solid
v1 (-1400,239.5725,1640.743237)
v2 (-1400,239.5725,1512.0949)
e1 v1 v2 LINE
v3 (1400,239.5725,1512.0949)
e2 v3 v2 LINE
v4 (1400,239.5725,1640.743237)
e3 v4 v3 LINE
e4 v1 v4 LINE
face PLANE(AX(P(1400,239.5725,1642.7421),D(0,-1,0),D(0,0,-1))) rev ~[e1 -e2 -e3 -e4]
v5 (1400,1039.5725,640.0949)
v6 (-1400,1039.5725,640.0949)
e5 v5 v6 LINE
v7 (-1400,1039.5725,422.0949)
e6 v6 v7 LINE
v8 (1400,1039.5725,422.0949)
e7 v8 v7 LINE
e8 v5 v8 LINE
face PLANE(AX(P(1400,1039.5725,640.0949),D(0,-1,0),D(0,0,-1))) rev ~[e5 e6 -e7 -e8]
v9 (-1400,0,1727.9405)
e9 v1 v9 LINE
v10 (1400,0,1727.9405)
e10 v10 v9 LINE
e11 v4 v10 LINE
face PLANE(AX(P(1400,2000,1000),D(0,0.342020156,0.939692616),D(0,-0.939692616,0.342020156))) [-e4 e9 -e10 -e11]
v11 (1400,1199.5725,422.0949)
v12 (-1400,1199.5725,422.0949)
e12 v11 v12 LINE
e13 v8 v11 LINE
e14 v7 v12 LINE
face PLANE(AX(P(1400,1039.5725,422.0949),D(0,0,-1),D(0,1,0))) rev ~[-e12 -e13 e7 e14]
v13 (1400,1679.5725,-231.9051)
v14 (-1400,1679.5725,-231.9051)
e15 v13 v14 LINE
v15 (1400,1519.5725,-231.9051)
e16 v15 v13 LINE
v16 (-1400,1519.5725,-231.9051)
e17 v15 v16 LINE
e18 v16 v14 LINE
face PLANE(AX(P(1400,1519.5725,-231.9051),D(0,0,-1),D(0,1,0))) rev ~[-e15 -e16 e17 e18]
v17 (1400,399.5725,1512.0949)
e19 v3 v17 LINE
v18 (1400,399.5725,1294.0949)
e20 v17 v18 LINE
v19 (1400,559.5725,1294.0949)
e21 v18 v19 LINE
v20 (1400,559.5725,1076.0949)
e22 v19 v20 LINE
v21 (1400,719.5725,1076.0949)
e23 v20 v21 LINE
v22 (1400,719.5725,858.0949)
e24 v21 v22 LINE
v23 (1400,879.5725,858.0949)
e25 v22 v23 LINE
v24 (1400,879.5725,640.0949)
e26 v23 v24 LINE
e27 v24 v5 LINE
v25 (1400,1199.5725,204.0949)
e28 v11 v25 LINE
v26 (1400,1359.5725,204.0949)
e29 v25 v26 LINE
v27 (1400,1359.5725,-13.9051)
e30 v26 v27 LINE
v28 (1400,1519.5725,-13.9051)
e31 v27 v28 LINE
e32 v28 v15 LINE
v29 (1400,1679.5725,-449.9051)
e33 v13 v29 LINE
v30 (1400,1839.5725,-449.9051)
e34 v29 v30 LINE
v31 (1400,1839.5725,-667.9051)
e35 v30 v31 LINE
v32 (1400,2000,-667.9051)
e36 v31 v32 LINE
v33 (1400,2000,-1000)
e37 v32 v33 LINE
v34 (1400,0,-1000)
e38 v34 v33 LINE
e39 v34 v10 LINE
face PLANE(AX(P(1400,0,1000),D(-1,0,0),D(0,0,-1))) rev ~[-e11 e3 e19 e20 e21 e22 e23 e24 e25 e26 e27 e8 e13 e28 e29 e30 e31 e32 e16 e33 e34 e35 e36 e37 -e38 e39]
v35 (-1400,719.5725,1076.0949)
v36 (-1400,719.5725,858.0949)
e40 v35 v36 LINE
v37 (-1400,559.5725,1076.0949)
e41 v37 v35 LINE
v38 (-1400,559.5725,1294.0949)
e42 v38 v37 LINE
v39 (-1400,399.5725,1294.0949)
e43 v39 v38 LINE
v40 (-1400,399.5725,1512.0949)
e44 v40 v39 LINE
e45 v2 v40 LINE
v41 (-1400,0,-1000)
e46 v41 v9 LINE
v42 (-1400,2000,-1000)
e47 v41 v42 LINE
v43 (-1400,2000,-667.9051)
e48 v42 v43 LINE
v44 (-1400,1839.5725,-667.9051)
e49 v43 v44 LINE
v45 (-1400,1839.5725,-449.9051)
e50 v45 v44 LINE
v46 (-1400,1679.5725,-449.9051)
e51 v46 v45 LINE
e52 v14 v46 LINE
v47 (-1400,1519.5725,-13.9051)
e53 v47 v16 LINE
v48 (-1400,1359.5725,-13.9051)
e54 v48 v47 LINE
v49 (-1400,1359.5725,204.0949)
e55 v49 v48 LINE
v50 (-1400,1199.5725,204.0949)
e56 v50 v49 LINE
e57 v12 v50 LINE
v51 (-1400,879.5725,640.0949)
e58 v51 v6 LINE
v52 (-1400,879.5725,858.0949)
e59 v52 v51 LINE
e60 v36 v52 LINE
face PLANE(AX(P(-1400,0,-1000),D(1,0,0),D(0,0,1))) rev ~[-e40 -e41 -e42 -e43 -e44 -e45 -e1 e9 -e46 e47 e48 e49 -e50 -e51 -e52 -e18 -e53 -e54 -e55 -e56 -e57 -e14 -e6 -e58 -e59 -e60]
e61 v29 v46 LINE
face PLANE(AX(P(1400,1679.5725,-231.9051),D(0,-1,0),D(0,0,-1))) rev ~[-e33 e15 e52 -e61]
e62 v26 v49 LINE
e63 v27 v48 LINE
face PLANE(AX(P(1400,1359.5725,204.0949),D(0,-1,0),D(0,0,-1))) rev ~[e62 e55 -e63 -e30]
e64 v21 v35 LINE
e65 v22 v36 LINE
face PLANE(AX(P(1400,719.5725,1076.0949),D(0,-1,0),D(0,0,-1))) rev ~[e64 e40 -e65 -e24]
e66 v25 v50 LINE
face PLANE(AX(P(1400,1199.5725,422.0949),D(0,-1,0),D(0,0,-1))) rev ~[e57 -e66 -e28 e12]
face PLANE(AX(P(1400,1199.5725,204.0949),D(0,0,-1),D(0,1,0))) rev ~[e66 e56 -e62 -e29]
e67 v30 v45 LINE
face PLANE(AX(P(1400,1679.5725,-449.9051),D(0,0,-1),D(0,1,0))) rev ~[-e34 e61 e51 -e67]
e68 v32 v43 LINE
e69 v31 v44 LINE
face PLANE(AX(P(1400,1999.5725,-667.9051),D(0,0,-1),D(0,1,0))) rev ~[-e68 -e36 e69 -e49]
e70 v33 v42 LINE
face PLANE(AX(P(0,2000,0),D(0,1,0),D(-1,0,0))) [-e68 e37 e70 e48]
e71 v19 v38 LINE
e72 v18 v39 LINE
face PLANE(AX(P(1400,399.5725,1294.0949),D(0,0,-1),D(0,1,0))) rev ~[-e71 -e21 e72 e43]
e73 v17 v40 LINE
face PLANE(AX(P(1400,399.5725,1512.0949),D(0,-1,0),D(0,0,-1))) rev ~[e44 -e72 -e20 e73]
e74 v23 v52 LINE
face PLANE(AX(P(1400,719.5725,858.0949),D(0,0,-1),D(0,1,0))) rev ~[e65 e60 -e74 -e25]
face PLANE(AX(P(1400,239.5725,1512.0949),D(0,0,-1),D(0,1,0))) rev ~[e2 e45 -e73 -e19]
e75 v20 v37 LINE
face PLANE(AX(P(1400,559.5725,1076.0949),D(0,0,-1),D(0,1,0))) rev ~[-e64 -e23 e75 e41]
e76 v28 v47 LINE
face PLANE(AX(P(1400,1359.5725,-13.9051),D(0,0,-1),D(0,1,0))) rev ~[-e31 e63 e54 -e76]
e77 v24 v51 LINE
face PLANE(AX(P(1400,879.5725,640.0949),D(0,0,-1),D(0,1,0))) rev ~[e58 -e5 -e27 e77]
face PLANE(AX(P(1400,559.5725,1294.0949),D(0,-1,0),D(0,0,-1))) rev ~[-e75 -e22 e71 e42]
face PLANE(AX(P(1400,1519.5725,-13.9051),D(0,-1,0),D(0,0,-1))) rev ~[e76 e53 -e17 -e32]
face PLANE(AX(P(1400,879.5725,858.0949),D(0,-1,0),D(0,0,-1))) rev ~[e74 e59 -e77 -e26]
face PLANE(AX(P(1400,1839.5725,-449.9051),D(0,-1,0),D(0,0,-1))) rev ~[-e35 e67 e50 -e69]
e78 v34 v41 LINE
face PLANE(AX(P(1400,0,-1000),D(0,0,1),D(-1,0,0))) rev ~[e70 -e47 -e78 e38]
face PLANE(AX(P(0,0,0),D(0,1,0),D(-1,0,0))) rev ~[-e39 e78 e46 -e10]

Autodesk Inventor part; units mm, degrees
ref_plane "YZ Plane" through (0, 0, 0) normal (1, 0, 0) x (0, 1, 0)
ref_plane "XZ Plane" through (0, 0, 0) normal (0, 1, 0) x (-1, 0, 0)
ref_plane "XY Plane" through (0, 0, 0) normal (0, 0, 1) x (1, 0, 0)
sketch "Sketch1" plane through (0, 0, 0) normal (0, 1, 0) x (-1, 0, 0)
  line L0 (1400, 1000) -> (-1400, 1000)
  line L1 (-1400, 1000) -> (-1400, -1000)
  line L2 (-1400, -1000) -> (1400, -1000)
  line L3 (1400, -1000) -> (1400, 1000)
  line L4 (1400, 1000) -> (-1400, -1000) construction
  line L5 (-1400, 1000) -> (1400, -1000) construction
  point P0 (0, 0)
  dimension "d0" = 2800
  dimension "d1" = 2000
extrude "Extrusion1" add sketch "Sketch1" along normal blind 2000
sketch "Sketch2" plane through (1400, 0, 1000) normal (1, 0, 0) x (0, 0, -1)
  line L0 (0, 2000) -> (2000, 2000) projected
  line L1 (0, 0) -> (2000, 0) projected
  line L2 (0, 2000) -> (0, 0)
  line L3 (0, 0) -> (-727.9405, 0)
  line L4 (0, 2000) -> (-727.9405, 0)
  line L5 (0, 2000) -> (2128.3555, 2000) construction
  point P0 (1000, 0)
  dimension "d4" = 110
extrude "Extrusion2" add sketch "Sketch2" against normal blind 2800
sketch "Sketch3" plane through (1400, 0, -1000) normal (1, 0, 0) x (0, 0, -1)
  line L0 (-2.1545, -0.4275) -> (-2.1545, 1999.5725)
  line L1 (-2.1545, -0.4275) -> (-2.1545, 159.5725)
  line L2 (-2.1545, 159.5725) -> (-2.1545, 319.5725)
  line L3 (-2.1545, 319.5725) -> (-2.1545, 479.5725)
  line L4 (-2.1545, 479.5725) -> (-2.1545, 639.5725)
  line L5 (-2.1545, 639.5725) -> (-2.1545, 799.5725)
  line L6 (-2.1545, 799.5725) -> (-2.1545, 959.5725)
  line L7 (-2.1545, 959.5725) -> (-2.1545, 1119.5725)
  line L8 (-2.1545, 1119.5725) -> (-2.1545, 1279.5725)
  line L9 (-2.1545, 1279.5725) -> (-2.1545, 1439.5725)
  line L10 (-2.1545, 1439.5725) -> (-2.1545, 1599.5725)
  line L11 (-2.1545, 1599.5725) -> (-2.1545, 1759.5725)
  line L12 (-2.1545, 1759.5725) -> (-2.1545, 1919.5725)
  line L13 (-2.1545, 1919.5725) -> (-2.1545, 1999.9008)
  line L14 (-2.1545, -0.4275) -> (-2730.0949, -0.4275)
  line L15 (-2730.0949, -0.4275) -> (-2512.0949, -0.4275)
  line L16 (-2512.0949, -0.4275) -> (-2294.0949, -0.4275)
  line L17 (-2294.0949, -0.4275) -> (-2076.0949, -0.4275)
  line L18 (-2076.0949, -0.4275) -> (-1858.0949, -0.4275)
  line L19 (-1858.0949, -0.4275) -> (-1640.0949, -0.4275)
  line L20 (-1640.0949, -0.4275) -> (-1422.0949, -0.4275)
  line L21 (-1422.0949, -0.4275) -> (-1204.0949, -0.4275)
  line L22 (-1204.0949, -0.4275) -> (-986.0949, -0.4275)
  line L23 (-986.0949, -0.4275) -> (-768.0949, -0.4275)
  line L24 (-768.0949, -0.4275) -> (-550.0949, -0.4275)
  line L25 (-550.0949, -0.4275) -> (-332.0949, -0.4275)
  line L26 (-332.0949, -0.4275) -> (-114.0949, -0.4275)
  line L27 (-114.0949, -0.4275) -> (-2.1545, -0.4275)
  line L28 (-2730.0949, -0.4275) -> (-2642.7421, 239.5725)
  line L29 (-2730.0949, -0.4275) -> (-2002.1545, 1999.5725)
  line L30 (-2642.7421, 239.5725) -> (-2512.0949, 239.5725)
  line L31 (-2512.0949, 239.5725) -> (-2512.0949, 399.5725)
  line L32 (-2512.0949, 399.5725) -> (-2294.0949, 399.5725)
  line L33 (-2294.0949, 399.5725) -> (-2294.0949, 559.5725)
  line L34 (-2294.0949, 559.5725) -> (-2076.0949, 559.5725)
  line L35 (-2076.0949, 559.5725) -> (-2076.0949, 719.5725)
  line L36 (-2076.0949, 719.5725) -> (-1858.0949, 719.5725)
  line L37 (-1858.0949, 719.5725) -> (-1858.0949, 879.5725)
  line L38 (-1858.0949, 879.5725) -> (-1640.0949, 879.5725)
  line L39 (-1640.0949, 879.5725) -> (-1640.0949, 1039.5725)
  line L40 (-1640.0949, 1039.5725) -> (-1422.0949, 1039.5725)
  line L41 (-1422.0949, 1039.5725) -> (-1422.0949, 1199.5725)
  line L42 (-1422.0949, 1199.5725) -> (-1204.0949, 1199.5725)
  line L43 (-1204.0949, 1199.5725) -> (-1204.0949, 1359.5725)
  line L44 (-1204.0949, 1359.5725) -> (-986.0949, 1359.5725)
  line L45 (-986.0949, 1359.5725) -> (-986.0949, 1519.5725)
  line L46 (-986.0949, 1519.5725) -> (-768.0949, 1519.5725)
  line L47 (-768.0949, 1519.5725) -> (-768.0949, 1679.5725)
  line L48 (-768.0949, 1679.5725) -> (-550.0949, 1679.5725)
  line L49 (-550.0949, 1679.5725) -> (-550.0949, 1839.5725)
  line L50 (-550.0949, 1839.5725) -> (-332.0949, 1839.5725)
  line L51 (-332.0949, 1839.5725) -> (-332.0949, 1999.5725)
  line L52 (-332.0949, 1999.5725) -> (-2002.1545, 1999.5725)
  line L53 (-2002.1545, 1999.5725) -> (-2642.7421, 239.5725)
  line L54 (-2727.9405, 0) -> (0, 0) projected
  line L55 (-332.0949, 1999.5725) -> (-332.0949, 2182.2078)
  line L56 (-332.0949, 2182.2078) -> (-3155.7019, 2182.2078)
  line L57 (-3155.7019, 2182.2078) -> (-3155.7019, 0)
  line L58 (-3155.7019, 0) -> (-2727.9405, 0)
  point P0 (-1000, 0)
  point P1 (-1002.1545, -0.4275)
  point P2 (-2729.9393, 0)
  dimension "d7" = 160
  dimension "d8" = 160
  dimension "d9" = 160
  dimension "d10" = 160
  dimension "d11" = 160
  dimension "d12" = 160
  dimension "d13" = 160
  dimension "d14" = 160
  dimension "d15" = 160
  dimension "d16" = 160
  dimension "d17" = 160
  dimension "d18" = 160
  dimension "d19" = 218
  dimension "d20" = 218
  dimension "d21" = 218
  dimension "d22" = 218
  dimension "d23" = 218
  dimension "d24" = 218
  dimension "d25" = 218
  dimension "d26" = 218
  dimension "d27" = 218
  dimension "d28" = 218
  dimension "d29" = 218
  dimension "d30" = 218
extrude "Extrusion3" cut sketch "Sketch3" against normal blind 2800 contours L58 L57 L56 L55 L52 L29 L28 | L29 L52 L51 L50 L49 L48 L47 L46 L45 L44 L43 L42 L41 L40 L39 L38 L37 L36 L35 L34 L33 L32 L31 L30
properties part number "side_stair"
